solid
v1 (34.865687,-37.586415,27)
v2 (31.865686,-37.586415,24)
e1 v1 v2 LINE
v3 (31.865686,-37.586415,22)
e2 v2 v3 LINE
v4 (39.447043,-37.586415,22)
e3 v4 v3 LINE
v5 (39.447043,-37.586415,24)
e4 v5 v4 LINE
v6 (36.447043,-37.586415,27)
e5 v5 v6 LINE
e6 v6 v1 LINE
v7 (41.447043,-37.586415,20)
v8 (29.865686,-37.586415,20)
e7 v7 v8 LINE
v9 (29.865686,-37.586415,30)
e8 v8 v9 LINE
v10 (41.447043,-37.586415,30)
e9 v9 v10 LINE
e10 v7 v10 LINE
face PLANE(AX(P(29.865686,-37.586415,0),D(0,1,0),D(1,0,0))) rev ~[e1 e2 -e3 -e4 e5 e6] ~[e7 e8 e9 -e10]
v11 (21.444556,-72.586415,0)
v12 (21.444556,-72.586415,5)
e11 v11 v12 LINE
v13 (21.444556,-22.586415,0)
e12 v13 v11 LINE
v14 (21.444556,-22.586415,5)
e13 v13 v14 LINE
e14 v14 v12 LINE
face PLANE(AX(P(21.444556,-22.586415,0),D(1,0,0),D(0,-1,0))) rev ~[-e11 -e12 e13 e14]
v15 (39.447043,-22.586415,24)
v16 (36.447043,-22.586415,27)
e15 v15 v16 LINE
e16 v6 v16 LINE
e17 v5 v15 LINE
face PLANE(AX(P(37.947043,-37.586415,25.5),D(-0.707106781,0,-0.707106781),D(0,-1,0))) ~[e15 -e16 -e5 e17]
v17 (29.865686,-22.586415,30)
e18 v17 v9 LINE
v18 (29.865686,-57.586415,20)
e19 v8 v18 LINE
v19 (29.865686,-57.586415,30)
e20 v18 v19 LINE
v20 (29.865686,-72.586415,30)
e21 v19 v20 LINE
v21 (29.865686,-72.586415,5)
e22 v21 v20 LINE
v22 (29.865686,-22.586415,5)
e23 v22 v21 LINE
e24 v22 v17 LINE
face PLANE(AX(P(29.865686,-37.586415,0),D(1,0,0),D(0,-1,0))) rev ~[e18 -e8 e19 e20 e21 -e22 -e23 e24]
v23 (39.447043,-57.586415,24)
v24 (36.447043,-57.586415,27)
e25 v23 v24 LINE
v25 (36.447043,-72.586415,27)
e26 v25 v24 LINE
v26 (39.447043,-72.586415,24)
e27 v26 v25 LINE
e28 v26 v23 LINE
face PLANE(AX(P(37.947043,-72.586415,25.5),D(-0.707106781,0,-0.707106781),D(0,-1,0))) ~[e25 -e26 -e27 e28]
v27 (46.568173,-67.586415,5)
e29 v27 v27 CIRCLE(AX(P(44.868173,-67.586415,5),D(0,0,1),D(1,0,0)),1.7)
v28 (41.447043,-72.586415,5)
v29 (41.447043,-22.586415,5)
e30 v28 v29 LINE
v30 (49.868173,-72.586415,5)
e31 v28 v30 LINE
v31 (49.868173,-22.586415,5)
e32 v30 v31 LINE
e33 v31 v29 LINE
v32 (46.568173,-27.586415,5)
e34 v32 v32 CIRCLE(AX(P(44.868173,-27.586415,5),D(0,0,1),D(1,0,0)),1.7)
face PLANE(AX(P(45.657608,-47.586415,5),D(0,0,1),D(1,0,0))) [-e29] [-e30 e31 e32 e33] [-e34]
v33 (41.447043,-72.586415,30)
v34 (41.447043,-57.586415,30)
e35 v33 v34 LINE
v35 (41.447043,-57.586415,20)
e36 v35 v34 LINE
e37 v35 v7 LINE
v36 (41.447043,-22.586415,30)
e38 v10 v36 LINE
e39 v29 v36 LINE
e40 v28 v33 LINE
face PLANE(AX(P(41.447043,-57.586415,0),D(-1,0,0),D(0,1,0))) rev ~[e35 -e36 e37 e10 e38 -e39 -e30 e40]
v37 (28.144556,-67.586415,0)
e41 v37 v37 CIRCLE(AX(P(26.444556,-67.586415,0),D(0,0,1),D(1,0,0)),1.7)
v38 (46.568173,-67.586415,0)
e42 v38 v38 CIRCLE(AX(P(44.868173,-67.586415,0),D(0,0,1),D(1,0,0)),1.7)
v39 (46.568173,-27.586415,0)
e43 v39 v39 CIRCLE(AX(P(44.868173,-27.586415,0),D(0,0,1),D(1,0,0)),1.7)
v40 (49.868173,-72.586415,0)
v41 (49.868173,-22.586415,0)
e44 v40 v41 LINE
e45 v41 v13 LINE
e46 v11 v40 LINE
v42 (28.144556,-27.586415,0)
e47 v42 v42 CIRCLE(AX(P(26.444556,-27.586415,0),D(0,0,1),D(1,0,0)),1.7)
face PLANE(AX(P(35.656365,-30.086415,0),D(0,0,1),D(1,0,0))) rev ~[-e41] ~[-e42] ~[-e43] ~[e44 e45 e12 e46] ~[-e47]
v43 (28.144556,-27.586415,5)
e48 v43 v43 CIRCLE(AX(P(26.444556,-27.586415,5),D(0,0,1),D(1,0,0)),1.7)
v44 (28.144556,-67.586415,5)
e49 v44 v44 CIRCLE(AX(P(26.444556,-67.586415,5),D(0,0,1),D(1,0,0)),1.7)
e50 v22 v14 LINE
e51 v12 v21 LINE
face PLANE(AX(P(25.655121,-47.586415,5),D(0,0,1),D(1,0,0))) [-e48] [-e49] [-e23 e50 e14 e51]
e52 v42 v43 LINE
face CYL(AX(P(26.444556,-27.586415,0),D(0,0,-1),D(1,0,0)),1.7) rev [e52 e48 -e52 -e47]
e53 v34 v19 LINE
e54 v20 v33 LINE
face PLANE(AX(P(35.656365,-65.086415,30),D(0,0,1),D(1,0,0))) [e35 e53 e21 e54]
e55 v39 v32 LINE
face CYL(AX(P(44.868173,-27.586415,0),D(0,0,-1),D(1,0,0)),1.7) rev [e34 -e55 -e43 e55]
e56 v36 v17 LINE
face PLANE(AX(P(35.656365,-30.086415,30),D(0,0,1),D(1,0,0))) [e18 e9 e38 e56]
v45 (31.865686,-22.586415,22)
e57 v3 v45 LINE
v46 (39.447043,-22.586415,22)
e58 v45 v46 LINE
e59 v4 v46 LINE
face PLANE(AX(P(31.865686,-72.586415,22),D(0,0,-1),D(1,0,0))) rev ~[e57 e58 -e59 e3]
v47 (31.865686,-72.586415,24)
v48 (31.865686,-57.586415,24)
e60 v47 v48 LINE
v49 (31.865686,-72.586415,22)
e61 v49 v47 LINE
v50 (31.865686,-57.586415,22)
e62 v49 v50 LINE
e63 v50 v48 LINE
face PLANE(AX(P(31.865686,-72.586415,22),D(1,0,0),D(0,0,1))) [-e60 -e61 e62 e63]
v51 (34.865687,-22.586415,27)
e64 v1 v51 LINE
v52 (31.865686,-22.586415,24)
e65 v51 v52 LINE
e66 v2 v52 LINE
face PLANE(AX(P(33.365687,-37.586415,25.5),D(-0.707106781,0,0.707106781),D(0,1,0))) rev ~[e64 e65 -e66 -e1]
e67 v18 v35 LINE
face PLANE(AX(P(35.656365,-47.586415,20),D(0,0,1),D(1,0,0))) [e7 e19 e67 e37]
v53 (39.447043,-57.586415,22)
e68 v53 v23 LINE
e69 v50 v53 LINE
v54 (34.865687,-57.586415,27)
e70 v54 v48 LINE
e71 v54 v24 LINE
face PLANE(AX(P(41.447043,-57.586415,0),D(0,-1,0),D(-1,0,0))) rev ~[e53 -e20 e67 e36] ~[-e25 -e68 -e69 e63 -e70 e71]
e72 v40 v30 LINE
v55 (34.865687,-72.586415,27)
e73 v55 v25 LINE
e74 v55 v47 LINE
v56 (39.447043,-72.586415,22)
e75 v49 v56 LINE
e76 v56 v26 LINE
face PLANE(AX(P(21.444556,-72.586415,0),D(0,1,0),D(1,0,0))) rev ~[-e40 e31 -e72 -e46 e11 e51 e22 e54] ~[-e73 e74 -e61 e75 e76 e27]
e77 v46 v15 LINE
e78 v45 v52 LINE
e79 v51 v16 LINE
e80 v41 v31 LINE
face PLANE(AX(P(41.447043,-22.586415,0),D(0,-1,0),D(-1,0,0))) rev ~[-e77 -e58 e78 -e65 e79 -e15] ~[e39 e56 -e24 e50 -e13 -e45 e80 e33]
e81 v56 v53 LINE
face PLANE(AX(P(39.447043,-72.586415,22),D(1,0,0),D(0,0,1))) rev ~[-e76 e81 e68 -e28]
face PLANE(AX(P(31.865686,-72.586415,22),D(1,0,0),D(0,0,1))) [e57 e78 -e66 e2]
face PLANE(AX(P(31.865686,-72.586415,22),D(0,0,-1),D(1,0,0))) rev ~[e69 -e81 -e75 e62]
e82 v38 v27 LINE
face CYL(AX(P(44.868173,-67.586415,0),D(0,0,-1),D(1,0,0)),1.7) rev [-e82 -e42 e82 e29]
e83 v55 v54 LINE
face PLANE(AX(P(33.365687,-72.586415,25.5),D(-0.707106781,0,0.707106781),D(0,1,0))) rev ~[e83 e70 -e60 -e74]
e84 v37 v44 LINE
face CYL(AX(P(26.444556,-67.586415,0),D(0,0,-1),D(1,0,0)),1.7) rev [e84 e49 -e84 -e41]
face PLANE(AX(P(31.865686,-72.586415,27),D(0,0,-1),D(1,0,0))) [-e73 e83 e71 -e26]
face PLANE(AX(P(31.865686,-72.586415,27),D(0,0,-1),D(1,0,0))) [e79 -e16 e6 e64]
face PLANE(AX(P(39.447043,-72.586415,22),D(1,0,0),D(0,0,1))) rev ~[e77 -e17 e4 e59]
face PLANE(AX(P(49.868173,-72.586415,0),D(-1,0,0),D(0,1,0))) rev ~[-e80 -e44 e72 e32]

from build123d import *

# Parameters (mm, degrees)
F0_R     = 1.7
F1_DEPTH = 5
F2_DEPTH = 30
F3_DEPTH = 20
F4_W     = 7.581357
F4_H     = 5
F5_DEPTH = 50.001
F6_SIZE  = 3


with BuildPart() as f1:
    # F0 (on Top) → F1 (new body)
    with BuildSketch(Plane.XY):
        Polygon((29.865686, -22.586415), (21.444556, -22.586415), (21.444556, -47.586415), (21.444556, -72.586415), (29.865686, -72.586415), (29.865686, -57.586415), (29.865686, -47.586415), (29.865686, -37.586415), align=None)
        with Locations((26.444556, -67.586415)):
            Circle(F0_R, mode=Mode.SUBTRACT)
        with Locations((26.444556, -27.586415)):
            Circle(F0_R, mode=Mode.SUBTRACT)
        Polygon((49.868173, -22.586415), (41.447043, -22.586415), (41.447043, -37.586415), (41.447043, -47.586415), (41.447043, -57.586415), (41.447043, -72.586415), (49.868173, -72.586415), (49.868173, -47.586415), align=None)
        with Locations((44.868173, -67.586415)):
            Circle(F0_R, mode=Mode.SUBTRACT)
        with Locations((44.868173, -27.586415)):
            Circle(F0_R, mode=Mode.SUBTRACT)
    extrude(amount=F1_DEPTH)

    # F0 (on Top) → F2 (join)
    with BuildSketch(Plane.XY):
        Polygon((35.656365, -22.586415), (29.865686, -22.586415), (29.865686, -37.586415), (35.656365, -37.586415), (41.447043, -37.586415), (41.447043, -22.586415), align=None)
        Polygon((29.865686, -57.586415), (29.865686, -72.586415), (35.656365, -72.586415), (41.447043, -72.586415), (41.447043, -57.586415), (35.656365, -57.586415), align=None)
    extrude(amount=F2_DEPTH)

    # F0 (on Top) → F3 (join)
    with BuildSketch(Plane.XY):
        Polygon((35.656365, -37.586415), (29.865686, -37.586415), (29.865686, -47.586415), (29.865686, -57.586415), (35.656365, -57.586415), (41.447043, -57.586415), (41.447043, -47.586415), (41.447043, -37.586415), align=None)
    extrude(amount=F3_DEPTH)

    # F4 (on face) → F5 (cut, through all)
    with BuildSketch(Plane.XZ.offset(72.586415)):
        with Locations((35.656365, 24.5)):
            Rectangle(F4_W, F4_H)
    extrude(amount=-F5_DEPTH, mode=Mode.SUBTRACT)

    # F6
    f6_edges = [f1.edges().sort_by_distance(p)[0] for p in [
        (31.865686, -30.086415, 27),
        (31.865686, -65.086415, 27),
        (39.447043, -30.086415, 27),
        (39.447043, -65.086415, 27),
    ]]
    chamfer(f6_edges, length=F6_SIZE)


solid = f1.part
